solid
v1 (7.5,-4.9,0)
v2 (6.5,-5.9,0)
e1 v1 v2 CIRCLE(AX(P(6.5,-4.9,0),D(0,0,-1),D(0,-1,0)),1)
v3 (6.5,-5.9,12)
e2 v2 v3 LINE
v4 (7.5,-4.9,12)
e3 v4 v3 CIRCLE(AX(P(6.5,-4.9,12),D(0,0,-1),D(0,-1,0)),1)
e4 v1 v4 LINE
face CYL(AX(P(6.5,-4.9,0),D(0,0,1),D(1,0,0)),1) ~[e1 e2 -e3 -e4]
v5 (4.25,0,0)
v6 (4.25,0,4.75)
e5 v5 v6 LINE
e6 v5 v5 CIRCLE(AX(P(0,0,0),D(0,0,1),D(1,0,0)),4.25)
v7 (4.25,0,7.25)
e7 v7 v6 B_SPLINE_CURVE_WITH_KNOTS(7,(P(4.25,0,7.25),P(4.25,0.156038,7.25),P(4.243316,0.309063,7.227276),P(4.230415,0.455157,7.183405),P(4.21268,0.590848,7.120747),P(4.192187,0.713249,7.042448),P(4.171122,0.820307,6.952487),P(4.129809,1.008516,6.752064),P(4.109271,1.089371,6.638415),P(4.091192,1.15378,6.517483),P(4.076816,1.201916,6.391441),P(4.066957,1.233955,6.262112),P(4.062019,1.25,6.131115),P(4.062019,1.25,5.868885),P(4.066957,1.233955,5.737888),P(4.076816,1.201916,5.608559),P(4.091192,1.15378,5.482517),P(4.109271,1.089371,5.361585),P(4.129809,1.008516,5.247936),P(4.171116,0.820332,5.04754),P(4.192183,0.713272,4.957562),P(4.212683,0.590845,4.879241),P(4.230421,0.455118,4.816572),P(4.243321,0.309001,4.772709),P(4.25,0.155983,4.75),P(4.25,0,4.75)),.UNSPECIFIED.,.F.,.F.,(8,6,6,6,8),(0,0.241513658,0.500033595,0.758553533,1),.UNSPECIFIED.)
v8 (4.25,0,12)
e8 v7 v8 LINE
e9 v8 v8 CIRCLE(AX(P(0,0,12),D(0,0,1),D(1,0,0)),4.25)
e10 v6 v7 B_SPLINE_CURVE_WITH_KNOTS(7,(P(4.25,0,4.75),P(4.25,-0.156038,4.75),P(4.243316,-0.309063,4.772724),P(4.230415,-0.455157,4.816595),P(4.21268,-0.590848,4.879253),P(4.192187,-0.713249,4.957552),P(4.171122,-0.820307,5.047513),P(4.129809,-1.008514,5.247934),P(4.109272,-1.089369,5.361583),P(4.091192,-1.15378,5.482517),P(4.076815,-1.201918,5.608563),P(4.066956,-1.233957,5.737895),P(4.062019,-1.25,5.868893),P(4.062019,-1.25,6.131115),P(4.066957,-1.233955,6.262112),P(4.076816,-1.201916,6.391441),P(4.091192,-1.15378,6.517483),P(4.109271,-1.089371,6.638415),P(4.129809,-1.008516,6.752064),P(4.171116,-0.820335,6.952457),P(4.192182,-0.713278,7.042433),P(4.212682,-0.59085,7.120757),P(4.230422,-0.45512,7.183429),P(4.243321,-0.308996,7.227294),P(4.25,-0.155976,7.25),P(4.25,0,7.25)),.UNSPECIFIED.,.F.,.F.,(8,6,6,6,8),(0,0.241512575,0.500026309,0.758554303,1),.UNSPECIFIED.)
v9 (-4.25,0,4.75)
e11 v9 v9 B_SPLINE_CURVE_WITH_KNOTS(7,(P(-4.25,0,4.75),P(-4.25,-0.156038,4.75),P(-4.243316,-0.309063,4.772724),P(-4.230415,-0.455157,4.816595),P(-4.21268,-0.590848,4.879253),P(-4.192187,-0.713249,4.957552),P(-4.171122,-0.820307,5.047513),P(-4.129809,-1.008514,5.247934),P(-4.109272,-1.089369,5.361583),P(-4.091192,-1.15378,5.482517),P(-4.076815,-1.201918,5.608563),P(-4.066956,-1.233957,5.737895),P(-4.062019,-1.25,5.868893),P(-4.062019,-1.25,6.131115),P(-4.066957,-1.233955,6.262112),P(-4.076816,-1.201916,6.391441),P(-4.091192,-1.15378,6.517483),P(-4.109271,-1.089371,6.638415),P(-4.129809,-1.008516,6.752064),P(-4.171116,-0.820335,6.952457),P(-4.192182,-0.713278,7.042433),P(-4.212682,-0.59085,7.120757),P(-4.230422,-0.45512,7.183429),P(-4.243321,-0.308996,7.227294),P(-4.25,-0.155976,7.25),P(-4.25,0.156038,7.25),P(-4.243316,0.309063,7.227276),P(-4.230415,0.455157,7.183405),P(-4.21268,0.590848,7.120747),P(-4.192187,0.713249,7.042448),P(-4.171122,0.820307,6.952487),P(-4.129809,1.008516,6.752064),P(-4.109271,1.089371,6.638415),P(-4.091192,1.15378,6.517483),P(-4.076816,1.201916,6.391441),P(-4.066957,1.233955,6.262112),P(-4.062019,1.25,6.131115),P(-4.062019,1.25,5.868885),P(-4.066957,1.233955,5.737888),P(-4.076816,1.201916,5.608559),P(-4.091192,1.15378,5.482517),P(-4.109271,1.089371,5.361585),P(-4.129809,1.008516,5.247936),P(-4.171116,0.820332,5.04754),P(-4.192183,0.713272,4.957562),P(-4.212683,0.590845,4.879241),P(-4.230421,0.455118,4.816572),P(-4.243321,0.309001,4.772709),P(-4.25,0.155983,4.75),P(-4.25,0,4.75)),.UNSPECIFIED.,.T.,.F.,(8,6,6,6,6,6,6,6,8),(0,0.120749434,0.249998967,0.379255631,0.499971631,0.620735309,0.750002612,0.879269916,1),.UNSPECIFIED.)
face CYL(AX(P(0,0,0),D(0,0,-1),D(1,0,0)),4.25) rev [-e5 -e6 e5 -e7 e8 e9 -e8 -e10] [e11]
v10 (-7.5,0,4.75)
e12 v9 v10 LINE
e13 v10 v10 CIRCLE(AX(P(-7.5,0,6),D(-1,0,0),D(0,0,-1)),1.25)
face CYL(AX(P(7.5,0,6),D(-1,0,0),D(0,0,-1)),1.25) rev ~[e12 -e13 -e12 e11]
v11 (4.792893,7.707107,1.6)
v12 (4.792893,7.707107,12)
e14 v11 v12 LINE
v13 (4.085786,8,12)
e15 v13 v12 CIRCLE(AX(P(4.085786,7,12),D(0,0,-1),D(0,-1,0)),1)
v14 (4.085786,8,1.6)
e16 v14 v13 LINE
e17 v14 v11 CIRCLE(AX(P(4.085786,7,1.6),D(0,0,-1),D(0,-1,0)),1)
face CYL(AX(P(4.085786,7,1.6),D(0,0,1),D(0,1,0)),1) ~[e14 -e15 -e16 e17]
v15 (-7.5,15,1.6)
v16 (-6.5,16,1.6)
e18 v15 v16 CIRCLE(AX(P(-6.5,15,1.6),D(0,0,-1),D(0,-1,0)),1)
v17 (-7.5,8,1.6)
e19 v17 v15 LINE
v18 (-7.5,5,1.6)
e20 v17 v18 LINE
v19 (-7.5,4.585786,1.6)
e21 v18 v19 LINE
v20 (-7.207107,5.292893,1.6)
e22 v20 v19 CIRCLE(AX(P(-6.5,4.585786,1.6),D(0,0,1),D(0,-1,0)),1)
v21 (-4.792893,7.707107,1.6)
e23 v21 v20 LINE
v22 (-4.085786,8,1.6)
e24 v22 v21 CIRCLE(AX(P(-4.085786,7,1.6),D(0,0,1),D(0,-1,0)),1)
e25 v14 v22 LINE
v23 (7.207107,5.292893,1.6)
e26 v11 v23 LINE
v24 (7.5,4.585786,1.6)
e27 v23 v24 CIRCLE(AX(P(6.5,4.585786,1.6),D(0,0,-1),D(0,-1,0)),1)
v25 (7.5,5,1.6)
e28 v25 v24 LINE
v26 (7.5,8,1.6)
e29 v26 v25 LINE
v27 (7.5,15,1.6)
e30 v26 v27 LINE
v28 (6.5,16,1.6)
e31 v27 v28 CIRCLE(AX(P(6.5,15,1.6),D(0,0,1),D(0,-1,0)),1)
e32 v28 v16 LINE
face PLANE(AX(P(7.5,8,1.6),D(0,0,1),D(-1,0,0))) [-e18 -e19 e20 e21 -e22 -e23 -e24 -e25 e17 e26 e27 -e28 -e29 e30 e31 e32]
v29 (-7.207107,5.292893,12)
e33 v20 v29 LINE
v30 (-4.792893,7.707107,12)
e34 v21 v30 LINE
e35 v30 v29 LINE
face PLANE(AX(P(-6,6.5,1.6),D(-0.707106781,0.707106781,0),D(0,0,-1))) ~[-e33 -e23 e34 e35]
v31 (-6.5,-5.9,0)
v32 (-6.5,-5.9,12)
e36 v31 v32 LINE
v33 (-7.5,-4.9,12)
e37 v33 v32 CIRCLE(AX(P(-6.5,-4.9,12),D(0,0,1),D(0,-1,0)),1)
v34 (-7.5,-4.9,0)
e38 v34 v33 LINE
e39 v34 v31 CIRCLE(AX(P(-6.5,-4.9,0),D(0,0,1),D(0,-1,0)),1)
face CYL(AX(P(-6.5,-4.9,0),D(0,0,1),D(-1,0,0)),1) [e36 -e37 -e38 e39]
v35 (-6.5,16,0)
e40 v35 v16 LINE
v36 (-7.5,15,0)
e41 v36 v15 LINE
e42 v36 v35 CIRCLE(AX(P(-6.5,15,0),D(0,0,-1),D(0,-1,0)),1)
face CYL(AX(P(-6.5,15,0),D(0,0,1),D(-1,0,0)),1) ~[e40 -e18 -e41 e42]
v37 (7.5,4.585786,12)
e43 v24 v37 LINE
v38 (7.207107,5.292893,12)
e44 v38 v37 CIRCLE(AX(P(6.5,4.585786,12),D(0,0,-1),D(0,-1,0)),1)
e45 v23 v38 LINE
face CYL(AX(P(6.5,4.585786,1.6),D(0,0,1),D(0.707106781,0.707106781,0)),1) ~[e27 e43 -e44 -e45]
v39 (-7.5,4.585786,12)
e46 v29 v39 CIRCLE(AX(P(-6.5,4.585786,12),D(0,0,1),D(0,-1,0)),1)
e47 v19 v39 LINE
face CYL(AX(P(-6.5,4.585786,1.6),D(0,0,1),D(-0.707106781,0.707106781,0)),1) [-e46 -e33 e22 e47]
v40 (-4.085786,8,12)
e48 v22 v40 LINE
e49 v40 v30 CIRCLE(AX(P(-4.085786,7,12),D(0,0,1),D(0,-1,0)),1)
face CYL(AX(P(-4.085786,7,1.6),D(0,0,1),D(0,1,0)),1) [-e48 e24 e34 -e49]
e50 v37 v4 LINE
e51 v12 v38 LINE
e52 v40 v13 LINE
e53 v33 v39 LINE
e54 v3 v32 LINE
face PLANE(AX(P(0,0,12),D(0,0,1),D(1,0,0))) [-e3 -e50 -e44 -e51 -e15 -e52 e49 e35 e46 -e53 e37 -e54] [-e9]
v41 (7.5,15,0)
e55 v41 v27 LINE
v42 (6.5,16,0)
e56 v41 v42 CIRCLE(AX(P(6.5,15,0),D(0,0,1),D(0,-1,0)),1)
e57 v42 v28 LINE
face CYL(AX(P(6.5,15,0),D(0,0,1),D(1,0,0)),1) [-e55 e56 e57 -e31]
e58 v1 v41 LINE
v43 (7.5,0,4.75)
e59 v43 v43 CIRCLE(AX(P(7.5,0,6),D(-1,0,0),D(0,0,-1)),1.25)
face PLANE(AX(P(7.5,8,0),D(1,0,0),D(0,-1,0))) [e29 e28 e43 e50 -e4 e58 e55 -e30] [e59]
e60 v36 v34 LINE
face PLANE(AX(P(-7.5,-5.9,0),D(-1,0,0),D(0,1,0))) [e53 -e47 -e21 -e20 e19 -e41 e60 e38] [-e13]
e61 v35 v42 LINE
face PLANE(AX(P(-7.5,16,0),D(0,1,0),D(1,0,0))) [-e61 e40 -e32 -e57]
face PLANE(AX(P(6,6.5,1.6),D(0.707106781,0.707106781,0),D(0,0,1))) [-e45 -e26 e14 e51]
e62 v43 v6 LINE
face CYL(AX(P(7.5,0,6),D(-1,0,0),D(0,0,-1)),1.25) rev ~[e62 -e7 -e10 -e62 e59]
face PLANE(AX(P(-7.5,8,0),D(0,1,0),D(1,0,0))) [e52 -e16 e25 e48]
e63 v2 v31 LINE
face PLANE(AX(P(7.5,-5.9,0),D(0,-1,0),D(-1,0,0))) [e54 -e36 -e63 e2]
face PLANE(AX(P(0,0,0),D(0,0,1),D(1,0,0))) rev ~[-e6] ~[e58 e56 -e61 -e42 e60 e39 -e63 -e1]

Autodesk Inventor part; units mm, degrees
ref_plane "YZ Plane" through (0, 0, 0) normal (1, 0, 0) x (0, 1, 0)
ref_plane "XZ Plane" through (0, 0, 0) normal (0, 1, 0) x (-1, 0, 0)
ref_plane "XY Plane" through (0, 0, 0) normal (0, 0, 1) x (1, 0, 0)
sketch "Sketch1" plane through (0, 0, 0) normal (0, 0, 1) x (1, 0, 0)
  circle A0 centre (0, 0) radius 4.25
  line L0 (0, 0) -> (0, 37.2526) construction
  line L1 (0, 0) -> (18.9475, 0) construction
  line L2 (-7.5, 8) -> (7.5, 8)
  line L3 (7.5, 8) -> (7.5, -5.9)
  line L4 (7.5, -5.9) -> (-7.5, -5.9)
  line L5 (-7.5, -5.9) -> (-7.5, 8)
  point P0 (0, 8)
  dimension "d0" = 8.5
  dimension "d1" = 5.9
  dimension "d2" = 15
  dimension "d3" = 8
extrude "Extrusion1" add sketch "Sketch1" along normal blind 12
sketch "Sketch2" plane through (-7.5, 8, 0) normal (0, 1, 0) x (1, 0, 0)
  line L0 (0, 0) -> (15, 0) projected
  line L1 (0, 0) -> (0, -12) projected
  line L2 (15, -12) -> (0, -12) projected
  line L3 (15, 0) -> (15, -12) projected
  line L4 (0, 0) -> (0, -12) projected
  line L5 (0, 0) -> (15, 0)
  line L6 (15, 0) -> (15, -1.6)
  line L7 (15, -1.6) -> (0, -1.6)
  line L8 (0, -1.6) -> (0, 0)
  point P0 (7.5, 0)
  dimension "d6" = 1.6
extrude "Extrusion2" add sketch "Sketch2" along normal blind 8 contours L0 L3 L7 L1
sketch "Sketch3" plane through (7.5, -5.9, 12) normal (1, 0, 0) x (0, 0, -1)
  line L0 (12, 5.9) -> (-2.61, 5.9) construction
  point P0 (6, 5.9)
  dimension "d9" = 6
hole "Hole1" at (7.5, 0, 6) direction (-1, 0, 0) diameter 2.5 end through all
thread "Thread1" size "M3x0.5" class "6H" standard "ANSI Metric M Profile" full length
chamfer "Chamfer1" distance 3 angle 45 2 edges at (7.5, 8, 6.8) (-7.5, 8, 6.8)
fillet "Fillet1" radius 1 4 edges at (-7.5, 16, 0.8) (-4.5, 8, 6.8) (-7.5, 5, 6.8) (-7.5, -5.9, 6)
fillet "Fillet2" radius 1 4 edges at (4.5, 8, 6.8) (7.5, 5, 6.8) (7.5, -5.9, 6) (7.5, 16, 0.8)
properties part number "Y End Stop Flag" material "PC/ABS Plastic"
